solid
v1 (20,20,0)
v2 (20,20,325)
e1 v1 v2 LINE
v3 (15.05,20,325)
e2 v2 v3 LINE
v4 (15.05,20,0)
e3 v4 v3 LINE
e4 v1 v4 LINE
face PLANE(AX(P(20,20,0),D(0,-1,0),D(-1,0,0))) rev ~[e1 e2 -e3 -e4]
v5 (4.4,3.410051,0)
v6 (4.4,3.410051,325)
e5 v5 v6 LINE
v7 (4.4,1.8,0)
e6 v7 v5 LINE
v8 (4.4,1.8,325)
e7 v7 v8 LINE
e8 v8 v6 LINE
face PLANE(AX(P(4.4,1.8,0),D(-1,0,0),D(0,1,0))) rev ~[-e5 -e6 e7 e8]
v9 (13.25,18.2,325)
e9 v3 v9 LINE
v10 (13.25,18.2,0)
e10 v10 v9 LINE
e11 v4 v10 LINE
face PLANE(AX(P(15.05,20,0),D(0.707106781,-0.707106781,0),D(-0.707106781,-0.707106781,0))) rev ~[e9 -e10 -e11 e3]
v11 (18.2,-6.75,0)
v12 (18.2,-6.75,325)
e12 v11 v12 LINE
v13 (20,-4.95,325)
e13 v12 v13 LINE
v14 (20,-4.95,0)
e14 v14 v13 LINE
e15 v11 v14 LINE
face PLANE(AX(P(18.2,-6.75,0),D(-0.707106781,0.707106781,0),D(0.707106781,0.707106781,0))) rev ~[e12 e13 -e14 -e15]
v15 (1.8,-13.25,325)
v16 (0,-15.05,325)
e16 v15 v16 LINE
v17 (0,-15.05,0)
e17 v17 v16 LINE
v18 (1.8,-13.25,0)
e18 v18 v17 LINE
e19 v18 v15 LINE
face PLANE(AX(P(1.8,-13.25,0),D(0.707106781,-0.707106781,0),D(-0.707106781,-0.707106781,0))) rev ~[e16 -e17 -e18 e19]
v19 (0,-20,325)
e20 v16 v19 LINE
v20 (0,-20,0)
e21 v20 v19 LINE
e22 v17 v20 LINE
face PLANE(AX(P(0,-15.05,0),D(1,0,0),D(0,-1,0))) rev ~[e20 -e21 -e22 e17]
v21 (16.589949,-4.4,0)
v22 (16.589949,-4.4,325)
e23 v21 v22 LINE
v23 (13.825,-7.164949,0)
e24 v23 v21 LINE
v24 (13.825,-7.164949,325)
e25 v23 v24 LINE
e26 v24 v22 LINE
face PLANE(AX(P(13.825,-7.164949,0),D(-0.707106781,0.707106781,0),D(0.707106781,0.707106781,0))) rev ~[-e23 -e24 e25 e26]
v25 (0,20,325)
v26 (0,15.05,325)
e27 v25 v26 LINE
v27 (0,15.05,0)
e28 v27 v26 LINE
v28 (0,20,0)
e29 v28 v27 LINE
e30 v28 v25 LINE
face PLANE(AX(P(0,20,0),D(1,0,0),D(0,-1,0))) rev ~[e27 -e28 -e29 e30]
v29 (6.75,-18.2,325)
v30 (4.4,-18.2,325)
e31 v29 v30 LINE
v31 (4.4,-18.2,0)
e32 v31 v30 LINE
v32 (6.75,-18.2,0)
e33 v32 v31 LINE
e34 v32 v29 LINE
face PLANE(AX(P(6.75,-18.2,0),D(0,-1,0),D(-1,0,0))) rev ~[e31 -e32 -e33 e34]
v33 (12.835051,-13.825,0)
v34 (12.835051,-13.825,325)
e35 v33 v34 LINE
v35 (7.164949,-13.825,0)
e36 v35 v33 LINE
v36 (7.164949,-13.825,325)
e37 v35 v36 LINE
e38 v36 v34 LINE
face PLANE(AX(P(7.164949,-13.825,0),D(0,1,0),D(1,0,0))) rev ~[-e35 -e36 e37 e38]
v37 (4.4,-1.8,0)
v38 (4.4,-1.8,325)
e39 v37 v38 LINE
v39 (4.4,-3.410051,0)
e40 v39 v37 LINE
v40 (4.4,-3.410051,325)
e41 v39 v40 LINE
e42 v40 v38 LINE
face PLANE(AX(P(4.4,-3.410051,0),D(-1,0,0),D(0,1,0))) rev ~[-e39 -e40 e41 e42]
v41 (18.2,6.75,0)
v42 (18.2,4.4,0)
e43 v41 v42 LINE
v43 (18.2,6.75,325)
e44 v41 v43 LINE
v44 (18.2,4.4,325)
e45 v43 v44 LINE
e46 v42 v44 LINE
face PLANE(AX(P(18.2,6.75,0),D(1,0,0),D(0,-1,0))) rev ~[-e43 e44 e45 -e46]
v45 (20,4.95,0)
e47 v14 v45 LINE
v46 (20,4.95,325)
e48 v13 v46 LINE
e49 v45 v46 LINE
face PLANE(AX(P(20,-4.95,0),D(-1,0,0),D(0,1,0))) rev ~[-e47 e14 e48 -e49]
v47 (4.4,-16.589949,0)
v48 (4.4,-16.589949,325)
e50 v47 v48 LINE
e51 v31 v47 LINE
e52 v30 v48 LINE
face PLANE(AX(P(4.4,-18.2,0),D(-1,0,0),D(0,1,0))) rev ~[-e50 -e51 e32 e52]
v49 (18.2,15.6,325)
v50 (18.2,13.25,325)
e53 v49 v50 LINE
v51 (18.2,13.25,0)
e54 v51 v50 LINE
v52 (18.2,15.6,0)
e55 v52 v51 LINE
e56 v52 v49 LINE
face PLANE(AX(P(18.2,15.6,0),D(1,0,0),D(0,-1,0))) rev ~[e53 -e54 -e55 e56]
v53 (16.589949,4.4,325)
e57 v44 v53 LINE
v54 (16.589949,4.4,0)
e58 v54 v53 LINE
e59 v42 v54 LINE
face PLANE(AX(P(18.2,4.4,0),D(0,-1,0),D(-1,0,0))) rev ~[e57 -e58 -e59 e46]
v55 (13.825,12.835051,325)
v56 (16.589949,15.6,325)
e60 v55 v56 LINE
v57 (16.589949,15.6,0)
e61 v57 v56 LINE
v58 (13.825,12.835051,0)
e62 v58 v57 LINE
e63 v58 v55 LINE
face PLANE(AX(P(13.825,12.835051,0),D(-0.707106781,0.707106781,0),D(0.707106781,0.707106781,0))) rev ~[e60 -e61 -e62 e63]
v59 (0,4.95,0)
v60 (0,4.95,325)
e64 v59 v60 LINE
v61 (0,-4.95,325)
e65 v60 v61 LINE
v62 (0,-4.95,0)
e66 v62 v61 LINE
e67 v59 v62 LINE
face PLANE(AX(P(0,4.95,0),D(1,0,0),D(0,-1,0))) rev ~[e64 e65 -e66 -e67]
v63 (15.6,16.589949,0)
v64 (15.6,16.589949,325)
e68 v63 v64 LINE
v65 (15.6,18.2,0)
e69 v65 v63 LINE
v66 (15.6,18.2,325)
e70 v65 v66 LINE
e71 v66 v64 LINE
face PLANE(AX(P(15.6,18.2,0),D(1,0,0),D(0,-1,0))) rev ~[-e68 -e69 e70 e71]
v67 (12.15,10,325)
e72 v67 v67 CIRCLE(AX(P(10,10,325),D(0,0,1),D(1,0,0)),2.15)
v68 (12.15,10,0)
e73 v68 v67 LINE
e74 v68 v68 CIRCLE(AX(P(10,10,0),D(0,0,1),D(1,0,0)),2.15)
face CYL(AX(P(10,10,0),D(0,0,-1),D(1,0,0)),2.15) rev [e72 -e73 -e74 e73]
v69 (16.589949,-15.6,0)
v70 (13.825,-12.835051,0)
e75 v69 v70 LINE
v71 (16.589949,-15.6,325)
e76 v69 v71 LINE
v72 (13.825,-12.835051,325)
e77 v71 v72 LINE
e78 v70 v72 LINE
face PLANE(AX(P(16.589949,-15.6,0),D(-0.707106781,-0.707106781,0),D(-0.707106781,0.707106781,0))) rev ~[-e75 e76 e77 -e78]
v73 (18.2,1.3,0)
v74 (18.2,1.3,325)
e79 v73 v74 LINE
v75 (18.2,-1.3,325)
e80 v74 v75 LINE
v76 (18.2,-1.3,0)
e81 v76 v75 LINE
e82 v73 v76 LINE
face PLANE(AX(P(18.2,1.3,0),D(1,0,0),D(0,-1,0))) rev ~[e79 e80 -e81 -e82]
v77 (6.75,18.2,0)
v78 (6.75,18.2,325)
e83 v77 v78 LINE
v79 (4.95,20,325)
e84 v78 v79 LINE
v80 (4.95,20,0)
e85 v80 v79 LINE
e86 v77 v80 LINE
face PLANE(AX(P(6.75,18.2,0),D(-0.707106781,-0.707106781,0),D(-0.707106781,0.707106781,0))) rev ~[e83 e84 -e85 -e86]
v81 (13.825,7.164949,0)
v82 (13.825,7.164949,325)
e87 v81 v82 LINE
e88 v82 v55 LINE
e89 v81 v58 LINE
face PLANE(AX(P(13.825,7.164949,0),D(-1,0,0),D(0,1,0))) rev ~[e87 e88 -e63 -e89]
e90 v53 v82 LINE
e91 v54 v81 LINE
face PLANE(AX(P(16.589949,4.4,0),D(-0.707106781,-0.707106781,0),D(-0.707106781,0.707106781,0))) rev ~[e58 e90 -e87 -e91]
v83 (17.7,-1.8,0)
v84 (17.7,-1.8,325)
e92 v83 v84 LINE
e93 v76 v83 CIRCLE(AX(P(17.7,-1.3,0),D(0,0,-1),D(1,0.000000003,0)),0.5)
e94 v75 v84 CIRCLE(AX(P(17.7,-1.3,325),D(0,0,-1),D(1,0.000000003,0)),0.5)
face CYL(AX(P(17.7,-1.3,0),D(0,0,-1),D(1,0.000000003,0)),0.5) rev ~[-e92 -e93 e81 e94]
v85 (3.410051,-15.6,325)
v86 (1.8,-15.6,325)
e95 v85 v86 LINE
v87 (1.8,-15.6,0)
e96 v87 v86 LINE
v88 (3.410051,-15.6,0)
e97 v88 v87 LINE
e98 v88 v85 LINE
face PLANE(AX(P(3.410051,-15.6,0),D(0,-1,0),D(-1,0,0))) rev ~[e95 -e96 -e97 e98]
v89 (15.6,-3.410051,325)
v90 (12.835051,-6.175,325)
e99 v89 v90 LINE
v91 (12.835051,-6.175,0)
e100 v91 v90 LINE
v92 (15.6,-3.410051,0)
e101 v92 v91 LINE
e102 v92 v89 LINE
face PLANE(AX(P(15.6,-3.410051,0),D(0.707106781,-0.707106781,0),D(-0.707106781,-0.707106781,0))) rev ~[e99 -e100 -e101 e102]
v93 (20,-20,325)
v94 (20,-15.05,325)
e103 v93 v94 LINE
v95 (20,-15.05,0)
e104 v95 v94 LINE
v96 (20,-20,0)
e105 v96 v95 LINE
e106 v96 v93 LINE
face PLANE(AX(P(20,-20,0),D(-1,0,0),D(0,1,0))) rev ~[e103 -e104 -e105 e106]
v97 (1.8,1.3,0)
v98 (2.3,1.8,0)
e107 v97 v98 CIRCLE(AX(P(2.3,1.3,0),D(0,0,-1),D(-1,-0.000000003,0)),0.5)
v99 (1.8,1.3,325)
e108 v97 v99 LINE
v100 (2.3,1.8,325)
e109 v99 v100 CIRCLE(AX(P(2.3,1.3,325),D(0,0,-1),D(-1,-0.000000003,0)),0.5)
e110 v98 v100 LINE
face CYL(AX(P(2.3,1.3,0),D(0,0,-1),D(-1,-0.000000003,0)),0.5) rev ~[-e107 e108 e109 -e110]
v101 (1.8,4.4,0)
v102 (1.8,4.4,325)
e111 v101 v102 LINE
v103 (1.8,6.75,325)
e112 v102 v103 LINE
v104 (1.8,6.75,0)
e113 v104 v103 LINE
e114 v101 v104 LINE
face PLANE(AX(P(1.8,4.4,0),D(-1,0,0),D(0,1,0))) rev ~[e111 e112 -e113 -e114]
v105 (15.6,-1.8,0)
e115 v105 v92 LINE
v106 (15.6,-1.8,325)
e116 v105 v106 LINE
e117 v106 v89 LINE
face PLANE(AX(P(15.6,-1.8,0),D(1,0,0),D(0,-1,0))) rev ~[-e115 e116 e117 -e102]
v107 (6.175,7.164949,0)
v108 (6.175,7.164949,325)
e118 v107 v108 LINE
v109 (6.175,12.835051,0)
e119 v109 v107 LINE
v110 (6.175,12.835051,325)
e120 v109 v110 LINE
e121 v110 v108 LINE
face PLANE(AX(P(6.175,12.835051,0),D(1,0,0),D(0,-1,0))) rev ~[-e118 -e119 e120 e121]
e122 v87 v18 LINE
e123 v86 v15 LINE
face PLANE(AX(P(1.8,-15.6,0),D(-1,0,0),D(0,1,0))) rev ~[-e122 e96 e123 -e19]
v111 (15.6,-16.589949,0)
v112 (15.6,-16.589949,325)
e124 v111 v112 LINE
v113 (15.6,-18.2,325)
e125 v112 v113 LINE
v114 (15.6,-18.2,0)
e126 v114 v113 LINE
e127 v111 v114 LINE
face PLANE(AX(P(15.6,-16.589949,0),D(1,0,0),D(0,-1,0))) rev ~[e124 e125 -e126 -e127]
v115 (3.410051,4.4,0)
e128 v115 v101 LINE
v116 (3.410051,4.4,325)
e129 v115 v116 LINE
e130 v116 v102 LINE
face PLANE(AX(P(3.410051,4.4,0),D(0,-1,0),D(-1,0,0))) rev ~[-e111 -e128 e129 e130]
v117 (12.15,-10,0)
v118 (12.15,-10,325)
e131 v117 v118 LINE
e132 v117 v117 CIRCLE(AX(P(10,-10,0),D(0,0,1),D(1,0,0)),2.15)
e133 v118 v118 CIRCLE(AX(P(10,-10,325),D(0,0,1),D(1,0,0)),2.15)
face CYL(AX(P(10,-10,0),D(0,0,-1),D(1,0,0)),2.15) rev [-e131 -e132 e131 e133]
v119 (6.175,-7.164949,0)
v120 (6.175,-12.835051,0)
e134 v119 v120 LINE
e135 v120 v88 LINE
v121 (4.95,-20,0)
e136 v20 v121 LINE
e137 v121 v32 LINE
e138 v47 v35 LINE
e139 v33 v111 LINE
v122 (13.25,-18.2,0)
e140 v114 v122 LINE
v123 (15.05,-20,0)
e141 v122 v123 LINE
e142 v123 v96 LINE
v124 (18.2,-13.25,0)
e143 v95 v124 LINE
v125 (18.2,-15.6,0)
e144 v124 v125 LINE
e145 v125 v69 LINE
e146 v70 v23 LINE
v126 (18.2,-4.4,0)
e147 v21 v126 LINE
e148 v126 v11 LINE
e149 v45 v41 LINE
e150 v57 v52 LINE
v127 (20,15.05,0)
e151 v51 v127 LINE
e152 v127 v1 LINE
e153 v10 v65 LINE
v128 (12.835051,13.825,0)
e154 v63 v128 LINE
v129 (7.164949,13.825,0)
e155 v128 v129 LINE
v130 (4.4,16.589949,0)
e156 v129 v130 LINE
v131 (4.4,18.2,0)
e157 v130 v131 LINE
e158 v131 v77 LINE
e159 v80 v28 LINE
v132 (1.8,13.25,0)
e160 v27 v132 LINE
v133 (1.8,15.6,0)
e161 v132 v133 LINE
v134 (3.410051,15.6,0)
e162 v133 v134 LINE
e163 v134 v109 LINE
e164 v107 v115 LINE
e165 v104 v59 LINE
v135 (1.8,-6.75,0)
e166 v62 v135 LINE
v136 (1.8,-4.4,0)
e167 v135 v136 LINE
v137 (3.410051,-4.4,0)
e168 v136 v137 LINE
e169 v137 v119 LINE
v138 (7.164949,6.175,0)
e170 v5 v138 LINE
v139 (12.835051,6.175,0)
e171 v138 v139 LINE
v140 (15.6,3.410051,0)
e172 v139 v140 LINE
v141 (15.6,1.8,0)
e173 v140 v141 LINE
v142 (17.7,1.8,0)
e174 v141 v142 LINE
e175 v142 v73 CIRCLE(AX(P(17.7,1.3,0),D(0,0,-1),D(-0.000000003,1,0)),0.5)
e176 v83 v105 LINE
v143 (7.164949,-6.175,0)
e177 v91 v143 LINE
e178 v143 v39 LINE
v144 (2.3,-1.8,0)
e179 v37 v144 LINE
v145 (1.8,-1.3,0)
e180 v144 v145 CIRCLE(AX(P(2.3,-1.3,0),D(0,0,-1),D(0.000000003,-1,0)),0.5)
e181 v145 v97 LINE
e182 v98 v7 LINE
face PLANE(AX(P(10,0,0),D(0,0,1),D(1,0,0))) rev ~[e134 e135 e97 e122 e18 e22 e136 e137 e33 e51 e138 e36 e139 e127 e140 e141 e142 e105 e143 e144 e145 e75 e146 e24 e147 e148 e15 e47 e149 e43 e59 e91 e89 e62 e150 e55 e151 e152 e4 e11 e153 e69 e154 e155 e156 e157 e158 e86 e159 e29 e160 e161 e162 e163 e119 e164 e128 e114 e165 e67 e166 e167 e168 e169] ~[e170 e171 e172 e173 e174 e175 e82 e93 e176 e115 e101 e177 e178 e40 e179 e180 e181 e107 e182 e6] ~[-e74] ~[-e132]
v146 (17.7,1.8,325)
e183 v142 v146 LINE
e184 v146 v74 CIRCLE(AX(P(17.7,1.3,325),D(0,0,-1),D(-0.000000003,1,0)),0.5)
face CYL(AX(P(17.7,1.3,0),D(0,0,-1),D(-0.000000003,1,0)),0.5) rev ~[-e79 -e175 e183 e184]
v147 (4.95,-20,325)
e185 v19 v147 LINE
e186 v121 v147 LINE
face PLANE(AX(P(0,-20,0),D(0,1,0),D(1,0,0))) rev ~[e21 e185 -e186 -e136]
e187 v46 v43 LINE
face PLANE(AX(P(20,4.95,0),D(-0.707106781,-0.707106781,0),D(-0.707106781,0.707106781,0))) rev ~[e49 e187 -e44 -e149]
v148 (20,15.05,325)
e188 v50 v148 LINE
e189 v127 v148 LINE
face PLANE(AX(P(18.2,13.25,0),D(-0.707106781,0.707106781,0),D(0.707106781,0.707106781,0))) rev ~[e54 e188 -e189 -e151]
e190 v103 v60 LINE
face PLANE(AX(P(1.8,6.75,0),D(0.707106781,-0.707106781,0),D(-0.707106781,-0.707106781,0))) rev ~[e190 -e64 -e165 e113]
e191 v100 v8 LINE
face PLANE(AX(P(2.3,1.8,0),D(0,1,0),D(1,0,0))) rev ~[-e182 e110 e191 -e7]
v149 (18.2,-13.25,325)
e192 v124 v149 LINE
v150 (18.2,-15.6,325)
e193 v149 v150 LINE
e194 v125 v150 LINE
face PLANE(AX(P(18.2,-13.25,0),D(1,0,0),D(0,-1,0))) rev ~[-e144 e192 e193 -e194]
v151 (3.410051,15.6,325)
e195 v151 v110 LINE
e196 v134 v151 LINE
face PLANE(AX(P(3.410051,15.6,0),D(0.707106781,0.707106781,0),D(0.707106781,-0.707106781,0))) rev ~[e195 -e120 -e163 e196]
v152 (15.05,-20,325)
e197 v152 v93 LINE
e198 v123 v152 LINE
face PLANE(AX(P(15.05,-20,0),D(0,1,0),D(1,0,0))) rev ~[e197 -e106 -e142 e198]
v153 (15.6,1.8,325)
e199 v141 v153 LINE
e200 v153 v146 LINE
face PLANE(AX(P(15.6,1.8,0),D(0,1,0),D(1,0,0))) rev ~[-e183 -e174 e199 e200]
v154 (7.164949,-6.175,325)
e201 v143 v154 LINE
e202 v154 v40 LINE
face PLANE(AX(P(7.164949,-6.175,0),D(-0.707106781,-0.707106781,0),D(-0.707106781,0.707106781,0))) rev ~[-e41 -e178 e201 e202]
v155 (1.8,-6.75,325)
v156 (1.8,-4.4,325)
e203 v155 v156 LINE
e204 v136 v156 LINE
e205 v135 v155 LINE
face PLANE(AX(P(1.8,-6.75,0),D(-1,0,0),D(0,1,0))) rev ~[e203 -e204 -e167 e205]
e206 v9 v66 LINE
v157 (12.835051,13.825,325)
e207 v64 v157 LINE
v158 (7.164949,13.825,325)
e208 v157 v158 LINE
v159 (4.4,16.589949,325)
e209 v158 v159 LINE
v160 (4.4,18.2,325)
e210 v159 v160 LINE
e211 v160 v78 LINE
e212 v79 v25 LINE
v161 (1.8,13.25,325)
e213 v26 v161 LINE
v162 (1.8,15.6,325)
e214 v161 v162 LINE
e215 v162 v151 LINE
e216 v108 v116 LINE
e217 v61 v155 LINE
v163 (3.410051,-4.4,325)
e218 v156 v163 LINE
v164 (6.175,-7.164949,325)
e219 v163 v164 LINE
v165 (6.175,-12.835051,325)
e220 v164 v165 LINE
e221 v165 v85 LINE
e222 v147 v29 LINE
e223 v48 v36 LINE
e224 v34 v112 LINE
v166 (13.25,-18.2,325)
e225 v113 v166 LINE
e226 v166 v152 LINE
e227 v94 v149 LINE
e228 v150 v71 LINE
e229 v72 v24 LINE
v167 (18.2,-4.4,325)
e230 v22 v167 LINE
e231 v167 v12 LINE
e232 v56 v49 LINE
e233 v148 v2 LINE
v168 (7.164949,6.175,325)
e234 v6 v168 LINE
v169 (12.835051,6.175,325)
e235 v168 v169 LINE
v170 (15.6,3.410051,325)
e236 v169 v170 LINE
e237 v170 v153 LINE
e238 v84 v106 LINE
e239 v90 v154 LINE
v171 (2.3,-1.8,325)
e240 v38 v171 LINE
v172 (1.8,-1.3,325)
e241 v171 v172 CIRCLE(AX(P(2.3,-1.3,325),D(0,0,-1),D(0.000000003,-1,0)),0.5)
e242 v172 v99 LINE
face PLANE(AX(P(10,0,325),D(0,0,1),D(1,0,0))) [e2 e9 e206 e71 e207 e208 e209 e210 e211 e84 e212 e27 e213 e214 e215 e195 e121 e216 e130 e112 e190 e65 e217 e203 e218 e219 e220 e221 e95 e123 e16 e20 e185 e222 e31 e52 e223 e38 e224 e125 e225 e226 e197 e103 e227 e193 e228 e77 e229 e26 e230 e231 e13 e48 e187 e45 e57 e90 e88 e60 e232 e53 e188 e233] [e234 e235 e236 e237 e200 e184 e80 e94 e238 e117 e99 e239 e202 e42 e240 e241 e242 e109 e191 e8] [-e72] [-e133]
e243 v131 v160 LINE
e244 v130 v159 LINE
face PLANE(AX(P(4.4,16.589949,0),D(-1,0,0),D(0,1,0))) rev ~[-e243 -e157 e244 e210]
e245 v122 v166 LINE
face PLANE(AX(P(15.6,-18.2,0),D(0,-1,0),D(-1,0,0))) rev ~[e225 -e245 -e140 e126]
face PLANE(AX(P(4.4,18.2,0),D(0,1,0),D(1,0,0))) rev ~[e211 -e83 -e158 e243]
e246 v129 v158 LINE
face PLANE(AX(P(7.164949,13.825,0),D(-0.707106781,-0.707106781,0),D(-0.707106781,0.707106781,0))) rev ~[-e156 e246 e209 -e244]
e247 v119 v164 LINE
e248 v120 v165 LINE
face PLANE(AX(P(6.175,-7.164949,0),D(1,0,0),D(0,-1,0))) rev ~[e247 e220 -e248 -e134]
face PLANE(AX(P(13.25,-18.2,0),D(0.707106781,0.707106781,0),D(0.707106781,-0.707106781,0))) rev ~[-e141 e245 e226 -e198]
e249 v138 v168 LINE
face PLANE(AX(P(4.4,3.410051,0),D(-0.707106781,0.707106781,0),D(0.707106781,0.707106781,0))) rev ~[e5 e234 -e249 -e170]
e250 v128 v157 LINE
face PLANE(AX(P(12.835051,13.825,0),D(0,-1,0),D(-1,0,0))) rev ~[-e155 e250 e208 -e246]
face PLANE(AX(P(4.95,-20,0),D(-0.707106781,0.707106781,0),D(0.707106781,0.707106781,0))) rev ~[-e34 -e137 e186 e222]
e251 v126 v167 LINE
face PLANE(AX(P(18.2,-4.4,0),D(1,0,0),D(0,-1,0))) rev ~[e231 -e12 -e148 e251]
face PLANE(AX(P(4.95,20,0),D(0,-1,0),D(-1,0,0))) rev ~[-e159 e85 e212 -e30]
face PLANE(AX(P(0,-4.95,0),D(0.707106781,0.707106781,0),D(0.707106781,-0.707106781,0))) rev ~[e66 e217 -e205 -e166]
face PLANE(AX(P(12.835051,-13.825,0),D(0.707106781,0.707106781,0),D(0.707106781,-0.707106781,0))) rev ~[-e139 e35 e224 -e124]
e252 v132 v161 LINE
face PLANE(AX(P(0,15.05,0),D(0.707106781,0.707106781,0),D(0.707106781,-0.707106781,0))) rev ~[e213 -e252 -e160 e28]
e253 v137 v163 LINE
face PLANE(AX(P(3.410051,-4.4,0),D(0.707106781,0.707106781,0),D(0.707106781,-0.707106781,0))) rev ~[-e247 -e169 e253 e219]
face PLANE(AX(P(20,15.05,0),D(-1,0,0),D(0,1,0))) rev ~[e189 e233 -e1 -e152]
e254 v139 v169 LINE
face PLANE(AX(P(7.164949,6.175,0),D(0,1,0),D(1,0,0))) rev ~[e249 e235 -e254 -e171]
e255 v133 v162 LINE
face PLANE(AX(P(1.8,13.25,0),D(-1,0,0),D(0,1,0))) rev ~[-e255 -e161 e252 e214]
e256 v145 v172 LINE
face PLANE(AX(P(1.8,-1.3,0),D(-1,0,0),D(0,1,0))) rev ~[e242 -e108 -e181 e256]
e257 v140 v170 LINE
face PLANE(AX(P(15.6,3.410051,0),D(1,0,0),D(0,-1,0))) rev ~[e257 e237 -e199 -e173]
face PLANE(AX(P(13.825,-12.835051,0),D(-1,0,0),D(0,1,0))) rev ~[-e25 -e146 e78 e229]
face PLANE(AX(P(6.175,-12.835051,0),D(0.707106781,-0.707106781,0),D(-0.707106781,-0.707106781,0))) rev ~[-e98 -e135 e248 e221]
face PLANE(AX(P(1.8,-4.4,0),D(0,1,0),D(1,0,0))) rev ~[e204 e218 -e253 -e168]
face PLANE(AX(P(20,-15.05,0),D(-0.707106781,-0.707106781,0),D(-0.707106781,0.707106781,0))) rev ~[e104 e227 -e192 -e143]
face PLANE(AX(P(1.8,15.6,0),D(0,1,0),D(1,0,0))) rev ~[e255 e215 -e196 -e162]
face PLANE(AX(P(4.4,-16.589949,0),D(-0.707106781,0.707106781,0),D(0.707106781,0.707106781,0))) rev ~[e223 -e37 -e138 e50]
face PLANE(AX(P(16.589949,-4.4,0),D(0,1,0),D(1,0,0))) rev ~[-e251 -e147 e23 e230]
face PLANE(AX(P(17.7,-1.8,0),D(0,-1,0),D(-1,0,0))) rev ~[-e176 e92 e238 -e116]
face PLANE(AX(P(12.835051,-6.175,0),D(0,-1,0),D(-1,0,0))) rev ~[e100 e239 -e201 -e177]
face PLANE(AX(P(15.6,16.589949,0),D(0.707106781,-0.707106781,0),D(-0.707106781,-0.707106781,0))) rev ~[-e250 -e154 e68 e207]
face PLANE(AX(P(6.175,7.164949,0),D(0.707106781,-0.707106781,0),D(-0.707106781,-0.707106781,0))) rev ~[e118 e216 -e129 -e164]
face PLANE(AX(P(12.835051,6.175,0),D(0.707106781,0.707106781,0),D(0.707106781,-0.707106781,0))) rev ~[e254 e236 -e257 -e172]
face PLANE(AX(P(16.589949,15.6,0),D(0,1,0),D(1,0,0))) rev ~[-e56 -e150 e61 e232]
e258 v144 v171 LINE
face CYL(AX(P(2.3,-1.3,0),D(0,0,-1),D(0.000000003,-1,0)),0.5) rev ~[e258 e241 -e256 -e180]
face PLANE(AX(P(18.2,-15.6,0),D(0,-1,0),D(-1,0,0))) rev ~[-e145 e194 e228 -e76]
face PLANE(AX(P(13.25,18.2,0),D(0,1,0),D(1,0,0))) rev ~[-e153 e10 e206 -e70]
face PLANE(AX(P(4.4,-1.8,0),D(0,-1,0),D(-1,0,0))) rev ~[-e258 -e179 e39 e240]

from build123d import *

# Parameters (mm, degrees)
CROQUIS1_R              = 2.15
SALIENTE_EXTRUIR1_DEPTH = 325


with BuildPart() as part:
    # Croquis1 → Saliente-Extruir1 (new body)
    with BuildSketch(Plane.XY):
        Polygon((20, 4.95), (18.2, 6.75), (18.2, 4.4), (16.589949494, 4.4), (13.825, 7.164949494), (13.825, 12.835050506), (16.589949494, 15.6), (18.2, 15.6), (18.2, 13.25), (20, 15.05), (20, 20), (15.05, 20), (13.25, 18.2), (15.6, 18.2), (15.6, 16.589949494), (12.835050506, 13.825), (7.164949494, 13.825), (4.4, 16.589949494), (4.4, 18.2), (6.75, 18.2), (4.95, 20), (0, 20), (0, 15.05), (1.8, 13.25), (1.8, 15.6), (3.410050506, 15.6), (6.175, 12.835050506), (6.175, 7.164949494), (3.410050506, 4.4), (1.8, 4.4), (1.8, 6.75), (0, 4.95), (0, -4.95), (1.8, -6.75), (1.8, -4.4), (3.410050506, -4.4), (6.175, -7.164949494), (6.175, -12.835050506), (3.410050506, -15.6), (1.8, -15.6), (1.8, -13.25), (0, -15.05), (0, -20), (4.95, -20), (6.75, -18.2), (4.4, -18.2), (4.4, -16.589949494), (7.164949494, -13.825), (12.835050506, -13.825), (15.6, -16.589949494), (15.6, -18.2), (13.25, -18.2), (15.05, -20), (20, -20), (20, -15.05), (18.2, -13.25), (18.2, -15.6), (16.589949494, -15.6), (13.825, -12.835050506), (13.825, -7.164949494), (16.589949494, -4.4), (18.2, -4.4), (18.2, -6.75), (20, -4.95), align=None)
        with BuildLine():
            Line((1.8, -1.3), (1.8, 1.3))
            ThreePointArc((1.8, 1.3), (1.946446609, 1.653553391), (2.3, 1.8))
            Line((2.3, 1.8), (4.4, 1.8))
            Line((4.4, 1.8), (4.4, 3.410050506))
            Line((4.4, 3.410050506), (7.164949494, 6.175))
            Line((7.164949494, 6.175), (12.835050506, 6.175))
            Line((12.835050506, 6.175), (15.6, 3.410050506))
            Line((15.6, 3.410050506), (15.6, 1.8))
            Line((15.6, 1.8), (17.7, 1.8))
            ThreePointArc((17.7, 1.8), (18.053553391, 1.653553391), (18.2, 1.3))
            Line((18.2, 1.3), (18.2, -1.3))
            ThreePointArc((18.2, -1.3), (18.053553391, -1.653553391), (17.7, -1.8))
            Line((17.7, -1.8), (15.6, -1.8))
            Line((15.6, -1.8), (15.6, -3.410050506))
            Line((15.6, -3.410050506), (12.835050506, -6.175))
            Line((12.835050506, -6.175), (7.164949494, -6.175))
            Line((7.164949494, -6.175), (4.4, -3.410050506))
            Line((4.4, -3.410050506), (4.4, -1.8))
            Line((4.4, -1.8), (2.3, -1.8))
            ThreePointArc((2.3, -1.8), (1.946446609, -1.653553391), (1.8, -1.3))
        make_face(mode=Mode.SUBTRACT)
        with Locations((10, -10)):
            Circle(CROQUIS1_R, mode=Mode.SUBTRACT)
        with Locations((10, 10)):
            Circle(CROQUIS1_R, mode=Mode.SUBTRACT)
    extrude(amount=SALIENTE_EXTRUIR1_DEPTH)


solid = part.part
